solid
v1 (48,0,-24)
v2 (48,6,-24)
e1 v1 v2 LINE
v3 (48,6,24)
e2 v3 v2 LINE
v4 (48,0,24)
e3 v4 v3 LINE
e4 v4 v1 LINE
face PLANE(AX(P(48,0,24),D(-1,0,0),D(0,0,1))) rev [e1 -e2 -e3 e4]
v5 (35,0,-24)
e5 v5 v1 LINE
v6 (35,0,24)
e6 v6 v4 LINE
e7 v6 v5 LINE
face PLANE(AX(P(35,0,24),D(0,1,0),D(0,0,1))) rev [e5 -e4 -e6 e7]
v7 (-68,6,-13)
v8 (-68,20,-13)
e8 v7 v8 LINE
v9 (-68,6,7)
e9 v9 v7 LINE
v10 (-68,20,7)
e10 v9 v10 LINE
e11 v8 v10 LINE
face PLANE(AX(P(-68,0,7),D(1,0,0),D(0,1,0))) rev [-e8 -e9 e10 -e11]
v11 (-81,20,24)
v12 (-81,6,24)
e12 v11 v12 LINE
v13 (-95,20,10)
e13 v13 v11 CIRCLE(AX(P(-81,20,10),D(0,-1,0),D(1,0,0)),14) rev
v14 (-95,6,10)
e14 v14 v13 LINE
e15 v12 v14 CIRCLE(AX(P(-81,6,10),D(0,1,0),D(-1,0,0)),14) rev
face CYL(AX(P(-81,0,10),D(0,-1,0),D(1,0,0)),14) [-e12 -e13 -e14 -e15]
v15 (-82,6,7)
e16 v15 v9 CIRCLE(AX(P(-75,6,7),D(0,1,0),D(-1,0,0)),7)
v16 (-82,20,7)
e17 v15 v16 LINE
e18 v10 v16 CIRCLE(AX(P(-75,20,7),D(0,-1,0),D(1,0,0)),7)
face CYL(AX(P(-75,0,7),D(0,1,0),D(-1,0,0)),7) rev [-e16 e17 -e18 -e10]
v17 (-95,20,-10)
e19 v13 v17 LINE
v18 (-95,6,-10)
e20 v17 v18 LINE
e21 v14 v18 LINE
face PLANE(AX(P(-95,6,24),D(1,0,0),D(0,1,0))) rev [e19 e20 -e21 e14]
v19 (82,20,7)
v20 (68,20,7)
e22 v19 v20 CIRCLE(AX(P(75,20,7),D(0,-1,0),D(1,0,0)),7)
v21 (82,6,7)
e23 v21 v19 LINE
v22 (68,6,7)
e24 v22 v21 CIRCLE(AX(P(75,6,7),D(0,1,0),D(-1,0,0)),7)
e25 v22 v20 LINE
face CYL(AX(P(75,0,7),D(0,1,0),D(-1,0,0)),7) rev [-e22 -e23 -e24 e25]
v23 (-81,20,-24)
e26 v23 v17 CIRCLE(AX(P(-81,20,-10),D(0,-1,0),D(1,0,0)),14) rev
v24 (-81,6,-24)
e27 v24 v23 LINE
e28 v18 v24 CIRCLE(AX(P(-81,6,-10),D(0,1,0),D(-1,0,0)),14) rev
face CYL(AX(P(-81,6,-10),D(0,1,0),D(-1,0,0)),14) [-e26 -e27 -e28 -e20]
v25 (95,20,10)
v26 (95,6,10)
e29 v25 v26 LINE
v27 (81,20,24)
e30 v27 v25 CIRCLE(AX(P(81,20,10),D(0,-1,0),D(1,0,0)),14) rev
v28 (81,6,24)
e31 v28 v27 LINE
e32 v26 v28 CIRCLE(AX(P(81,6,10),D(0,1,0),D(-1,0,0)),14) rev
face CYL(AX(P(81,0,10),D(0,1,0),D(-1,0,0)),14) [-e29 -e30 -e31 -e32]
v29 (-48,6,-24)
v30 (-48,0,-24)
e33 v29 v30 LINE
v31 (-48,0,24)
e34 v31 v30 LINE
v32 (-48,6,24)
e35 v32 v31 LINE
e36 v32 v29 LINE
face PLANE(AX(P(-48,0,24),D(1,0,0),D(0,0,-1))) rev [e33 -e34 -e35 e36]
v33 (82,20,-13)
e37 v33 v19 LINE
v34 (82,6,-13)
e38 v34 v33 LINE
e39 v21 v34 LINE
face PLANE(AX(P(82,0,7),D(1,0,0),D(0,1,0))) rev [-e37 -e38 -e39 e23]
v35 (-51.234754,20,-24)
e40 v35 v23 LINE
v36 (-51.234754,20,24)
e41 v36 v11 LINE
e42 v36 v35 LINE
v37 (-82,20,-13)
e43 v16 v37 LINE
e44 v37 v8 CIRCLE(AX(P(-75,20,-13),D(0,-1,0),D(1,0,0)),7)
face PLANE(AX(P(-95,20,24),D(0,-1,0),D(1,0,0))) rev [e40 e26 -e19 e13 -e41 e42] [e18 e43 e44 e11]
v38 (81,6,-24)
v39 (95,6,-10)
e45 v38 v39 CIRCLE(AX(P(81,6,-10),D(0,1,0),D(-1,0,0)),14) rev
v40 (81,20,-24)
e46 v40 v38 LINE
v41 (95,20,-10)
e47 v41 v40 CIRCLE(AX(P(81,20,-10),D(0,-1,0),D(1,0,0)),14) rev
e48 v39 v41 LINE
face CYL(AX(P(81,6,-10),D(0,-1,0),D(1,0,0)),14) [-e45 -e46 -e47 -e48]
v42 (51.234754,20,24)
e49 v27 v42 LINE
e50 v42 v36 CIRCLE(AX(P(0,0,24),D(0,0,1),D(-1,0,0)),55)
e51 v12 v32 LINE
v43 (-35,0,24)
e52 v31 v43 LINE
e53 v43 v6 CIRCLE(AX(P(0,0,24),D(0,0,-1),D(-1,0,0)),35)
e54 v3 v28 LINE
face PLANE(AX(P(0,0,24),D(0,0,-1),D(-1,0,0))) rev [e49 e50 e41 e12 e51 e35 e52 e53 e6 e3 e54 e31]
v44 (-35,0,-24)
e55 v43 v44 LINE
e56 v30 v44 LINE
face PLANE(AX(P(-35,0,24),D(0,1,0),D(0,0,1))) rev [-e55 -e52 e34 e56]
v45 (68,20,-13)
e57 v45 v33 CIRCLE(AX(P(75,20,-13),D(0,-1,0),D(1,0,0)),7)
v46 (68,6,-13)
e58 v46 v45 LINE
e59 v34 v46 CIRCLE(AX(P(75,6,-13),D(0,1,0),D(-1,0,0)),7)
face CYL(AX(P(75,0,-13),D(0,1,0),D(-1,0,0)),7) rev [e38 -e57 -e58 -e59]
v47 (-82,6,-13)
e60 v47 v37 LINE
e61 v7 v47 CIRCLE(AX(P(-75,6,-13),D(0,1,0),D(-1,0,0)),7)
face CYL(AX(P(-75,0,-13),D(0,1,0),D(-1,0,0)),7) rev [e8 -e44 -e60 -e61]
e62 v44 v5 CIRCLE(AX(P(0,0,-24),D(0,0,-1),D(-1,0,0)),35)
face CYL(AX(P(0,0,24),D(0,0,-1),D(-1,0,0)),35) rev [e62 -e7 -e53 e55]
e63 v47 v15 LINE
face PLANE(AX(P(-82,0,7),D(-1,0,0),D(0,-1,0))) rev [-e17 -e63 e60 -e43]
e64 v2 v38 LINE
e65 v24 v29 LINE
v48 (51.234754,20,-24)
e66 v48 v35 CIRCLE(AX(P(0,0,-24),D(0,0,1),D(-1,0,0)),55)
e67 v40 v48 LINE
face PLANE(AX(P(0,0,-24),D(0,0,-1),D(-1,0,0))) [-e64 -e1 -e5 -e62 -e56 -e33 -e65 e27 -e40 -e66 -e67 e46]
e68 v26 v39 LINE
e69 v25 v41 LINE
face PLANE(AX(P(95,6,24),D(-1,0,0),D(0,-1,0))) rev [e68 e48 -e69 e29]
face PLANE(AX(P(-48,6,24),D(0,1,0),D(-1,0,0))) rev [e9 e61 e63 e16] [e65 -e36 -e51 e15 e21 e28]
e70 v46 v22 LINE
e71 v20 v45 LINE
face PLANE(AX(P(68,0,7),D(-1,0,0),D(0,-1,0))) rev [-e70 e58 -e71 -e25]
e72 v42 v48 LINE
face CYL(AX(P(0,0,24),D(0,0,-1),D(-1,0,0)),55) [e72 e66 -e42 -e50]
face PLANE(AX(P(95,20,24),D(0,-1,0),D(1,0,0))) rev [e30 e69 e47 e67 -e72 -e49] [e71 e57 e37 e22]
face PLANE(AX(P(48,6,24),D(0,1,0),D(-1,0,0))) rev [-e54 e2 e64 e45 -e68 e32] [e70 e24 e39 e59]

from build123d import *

# Parameters (mm, degrees)
BOSS_EXTRUDE1_DEPTH     = 24
FILLET1_R               = 14
CUT_EXTRUDE1_DEPTH      = 36
CUT_EXTRUDE1_DEPTH_BACK = 21


with BuildPart() as part:
    # Sketch1 → Boss-Extrude1 (new body, symmetric)
    with BuildSketch(Plane.XY):
        with BuildLine():
            Line((35, 0), (48, 0))
            Line((48, 0), (48, 6))
            Line((48, 6), (95, 6))
            Line((95, 6), (95, 20))
            Line((95, 20), (51.23475383, 20))
            ThreePointArc((51.23475383, 20), (0, 55), (-51.23475383, 20))
            Line((-51.23475383, 20), (-95, 20))
            Line((-95, 20), (-95, 6))
            Line((-95, 6), (-48, 6))
            Line((-48, 6), (-48, 0))
            Line((-48, 0), (-35, 0))
            ThreePointArc((-35, 0), (0, 35), (35, 0))
        make_face()
    extrude(amount=BOSS_EXTRUDE1_DEPTH, both=True)

    # Fillet1
    fillet1_edges = [part.edges().sort_by_distance(p)[0] for p in [
        (95, 13, -24),
        (-95, 13, -24),
        (95, 13, 24),
        (-95, 13, 24),
    ]]
    fillet(fillet1_edges, radius=FILLET1_R)

    # Sketch2 → Cut-Extrude1 (cut, two sides)
    with BuildSketch(Plane(origin=(0, 20, 0), x_dir=(1, 0, 0), z_dir=(0, 1, 0))) as cut_extrude1_sk:
        with BuildLine():
            Line((68, -7), (68, 13))
            ThreePointArc((68, 13), (75, 20), (82, 13))
            Line((82, 13), (82, -7))
            ThreePointArc((82, -7), (75, -14), (68, -7))
        make_face()
        with BuildLine():
            Line((-68, -7), (-68, 13))
            ThreePointArc((-68, 13), (-75, 20), (-82, 13))
            Line((-82, 13), (-82, -7))
            ThreePointArc((-82, -7), (-75, -14), (-68, -7))
        make_face()
    extrude(amount=CUT_EXTRUDE1_DEPTH, mode=Mode.SUBTRACT)
    extrude(cut_extrude1_sk.sketch, amount=-CUT_EXTRUDE1_DEPTH_BACK, mode=Mode.SUBTRACT)


solid = part.part
